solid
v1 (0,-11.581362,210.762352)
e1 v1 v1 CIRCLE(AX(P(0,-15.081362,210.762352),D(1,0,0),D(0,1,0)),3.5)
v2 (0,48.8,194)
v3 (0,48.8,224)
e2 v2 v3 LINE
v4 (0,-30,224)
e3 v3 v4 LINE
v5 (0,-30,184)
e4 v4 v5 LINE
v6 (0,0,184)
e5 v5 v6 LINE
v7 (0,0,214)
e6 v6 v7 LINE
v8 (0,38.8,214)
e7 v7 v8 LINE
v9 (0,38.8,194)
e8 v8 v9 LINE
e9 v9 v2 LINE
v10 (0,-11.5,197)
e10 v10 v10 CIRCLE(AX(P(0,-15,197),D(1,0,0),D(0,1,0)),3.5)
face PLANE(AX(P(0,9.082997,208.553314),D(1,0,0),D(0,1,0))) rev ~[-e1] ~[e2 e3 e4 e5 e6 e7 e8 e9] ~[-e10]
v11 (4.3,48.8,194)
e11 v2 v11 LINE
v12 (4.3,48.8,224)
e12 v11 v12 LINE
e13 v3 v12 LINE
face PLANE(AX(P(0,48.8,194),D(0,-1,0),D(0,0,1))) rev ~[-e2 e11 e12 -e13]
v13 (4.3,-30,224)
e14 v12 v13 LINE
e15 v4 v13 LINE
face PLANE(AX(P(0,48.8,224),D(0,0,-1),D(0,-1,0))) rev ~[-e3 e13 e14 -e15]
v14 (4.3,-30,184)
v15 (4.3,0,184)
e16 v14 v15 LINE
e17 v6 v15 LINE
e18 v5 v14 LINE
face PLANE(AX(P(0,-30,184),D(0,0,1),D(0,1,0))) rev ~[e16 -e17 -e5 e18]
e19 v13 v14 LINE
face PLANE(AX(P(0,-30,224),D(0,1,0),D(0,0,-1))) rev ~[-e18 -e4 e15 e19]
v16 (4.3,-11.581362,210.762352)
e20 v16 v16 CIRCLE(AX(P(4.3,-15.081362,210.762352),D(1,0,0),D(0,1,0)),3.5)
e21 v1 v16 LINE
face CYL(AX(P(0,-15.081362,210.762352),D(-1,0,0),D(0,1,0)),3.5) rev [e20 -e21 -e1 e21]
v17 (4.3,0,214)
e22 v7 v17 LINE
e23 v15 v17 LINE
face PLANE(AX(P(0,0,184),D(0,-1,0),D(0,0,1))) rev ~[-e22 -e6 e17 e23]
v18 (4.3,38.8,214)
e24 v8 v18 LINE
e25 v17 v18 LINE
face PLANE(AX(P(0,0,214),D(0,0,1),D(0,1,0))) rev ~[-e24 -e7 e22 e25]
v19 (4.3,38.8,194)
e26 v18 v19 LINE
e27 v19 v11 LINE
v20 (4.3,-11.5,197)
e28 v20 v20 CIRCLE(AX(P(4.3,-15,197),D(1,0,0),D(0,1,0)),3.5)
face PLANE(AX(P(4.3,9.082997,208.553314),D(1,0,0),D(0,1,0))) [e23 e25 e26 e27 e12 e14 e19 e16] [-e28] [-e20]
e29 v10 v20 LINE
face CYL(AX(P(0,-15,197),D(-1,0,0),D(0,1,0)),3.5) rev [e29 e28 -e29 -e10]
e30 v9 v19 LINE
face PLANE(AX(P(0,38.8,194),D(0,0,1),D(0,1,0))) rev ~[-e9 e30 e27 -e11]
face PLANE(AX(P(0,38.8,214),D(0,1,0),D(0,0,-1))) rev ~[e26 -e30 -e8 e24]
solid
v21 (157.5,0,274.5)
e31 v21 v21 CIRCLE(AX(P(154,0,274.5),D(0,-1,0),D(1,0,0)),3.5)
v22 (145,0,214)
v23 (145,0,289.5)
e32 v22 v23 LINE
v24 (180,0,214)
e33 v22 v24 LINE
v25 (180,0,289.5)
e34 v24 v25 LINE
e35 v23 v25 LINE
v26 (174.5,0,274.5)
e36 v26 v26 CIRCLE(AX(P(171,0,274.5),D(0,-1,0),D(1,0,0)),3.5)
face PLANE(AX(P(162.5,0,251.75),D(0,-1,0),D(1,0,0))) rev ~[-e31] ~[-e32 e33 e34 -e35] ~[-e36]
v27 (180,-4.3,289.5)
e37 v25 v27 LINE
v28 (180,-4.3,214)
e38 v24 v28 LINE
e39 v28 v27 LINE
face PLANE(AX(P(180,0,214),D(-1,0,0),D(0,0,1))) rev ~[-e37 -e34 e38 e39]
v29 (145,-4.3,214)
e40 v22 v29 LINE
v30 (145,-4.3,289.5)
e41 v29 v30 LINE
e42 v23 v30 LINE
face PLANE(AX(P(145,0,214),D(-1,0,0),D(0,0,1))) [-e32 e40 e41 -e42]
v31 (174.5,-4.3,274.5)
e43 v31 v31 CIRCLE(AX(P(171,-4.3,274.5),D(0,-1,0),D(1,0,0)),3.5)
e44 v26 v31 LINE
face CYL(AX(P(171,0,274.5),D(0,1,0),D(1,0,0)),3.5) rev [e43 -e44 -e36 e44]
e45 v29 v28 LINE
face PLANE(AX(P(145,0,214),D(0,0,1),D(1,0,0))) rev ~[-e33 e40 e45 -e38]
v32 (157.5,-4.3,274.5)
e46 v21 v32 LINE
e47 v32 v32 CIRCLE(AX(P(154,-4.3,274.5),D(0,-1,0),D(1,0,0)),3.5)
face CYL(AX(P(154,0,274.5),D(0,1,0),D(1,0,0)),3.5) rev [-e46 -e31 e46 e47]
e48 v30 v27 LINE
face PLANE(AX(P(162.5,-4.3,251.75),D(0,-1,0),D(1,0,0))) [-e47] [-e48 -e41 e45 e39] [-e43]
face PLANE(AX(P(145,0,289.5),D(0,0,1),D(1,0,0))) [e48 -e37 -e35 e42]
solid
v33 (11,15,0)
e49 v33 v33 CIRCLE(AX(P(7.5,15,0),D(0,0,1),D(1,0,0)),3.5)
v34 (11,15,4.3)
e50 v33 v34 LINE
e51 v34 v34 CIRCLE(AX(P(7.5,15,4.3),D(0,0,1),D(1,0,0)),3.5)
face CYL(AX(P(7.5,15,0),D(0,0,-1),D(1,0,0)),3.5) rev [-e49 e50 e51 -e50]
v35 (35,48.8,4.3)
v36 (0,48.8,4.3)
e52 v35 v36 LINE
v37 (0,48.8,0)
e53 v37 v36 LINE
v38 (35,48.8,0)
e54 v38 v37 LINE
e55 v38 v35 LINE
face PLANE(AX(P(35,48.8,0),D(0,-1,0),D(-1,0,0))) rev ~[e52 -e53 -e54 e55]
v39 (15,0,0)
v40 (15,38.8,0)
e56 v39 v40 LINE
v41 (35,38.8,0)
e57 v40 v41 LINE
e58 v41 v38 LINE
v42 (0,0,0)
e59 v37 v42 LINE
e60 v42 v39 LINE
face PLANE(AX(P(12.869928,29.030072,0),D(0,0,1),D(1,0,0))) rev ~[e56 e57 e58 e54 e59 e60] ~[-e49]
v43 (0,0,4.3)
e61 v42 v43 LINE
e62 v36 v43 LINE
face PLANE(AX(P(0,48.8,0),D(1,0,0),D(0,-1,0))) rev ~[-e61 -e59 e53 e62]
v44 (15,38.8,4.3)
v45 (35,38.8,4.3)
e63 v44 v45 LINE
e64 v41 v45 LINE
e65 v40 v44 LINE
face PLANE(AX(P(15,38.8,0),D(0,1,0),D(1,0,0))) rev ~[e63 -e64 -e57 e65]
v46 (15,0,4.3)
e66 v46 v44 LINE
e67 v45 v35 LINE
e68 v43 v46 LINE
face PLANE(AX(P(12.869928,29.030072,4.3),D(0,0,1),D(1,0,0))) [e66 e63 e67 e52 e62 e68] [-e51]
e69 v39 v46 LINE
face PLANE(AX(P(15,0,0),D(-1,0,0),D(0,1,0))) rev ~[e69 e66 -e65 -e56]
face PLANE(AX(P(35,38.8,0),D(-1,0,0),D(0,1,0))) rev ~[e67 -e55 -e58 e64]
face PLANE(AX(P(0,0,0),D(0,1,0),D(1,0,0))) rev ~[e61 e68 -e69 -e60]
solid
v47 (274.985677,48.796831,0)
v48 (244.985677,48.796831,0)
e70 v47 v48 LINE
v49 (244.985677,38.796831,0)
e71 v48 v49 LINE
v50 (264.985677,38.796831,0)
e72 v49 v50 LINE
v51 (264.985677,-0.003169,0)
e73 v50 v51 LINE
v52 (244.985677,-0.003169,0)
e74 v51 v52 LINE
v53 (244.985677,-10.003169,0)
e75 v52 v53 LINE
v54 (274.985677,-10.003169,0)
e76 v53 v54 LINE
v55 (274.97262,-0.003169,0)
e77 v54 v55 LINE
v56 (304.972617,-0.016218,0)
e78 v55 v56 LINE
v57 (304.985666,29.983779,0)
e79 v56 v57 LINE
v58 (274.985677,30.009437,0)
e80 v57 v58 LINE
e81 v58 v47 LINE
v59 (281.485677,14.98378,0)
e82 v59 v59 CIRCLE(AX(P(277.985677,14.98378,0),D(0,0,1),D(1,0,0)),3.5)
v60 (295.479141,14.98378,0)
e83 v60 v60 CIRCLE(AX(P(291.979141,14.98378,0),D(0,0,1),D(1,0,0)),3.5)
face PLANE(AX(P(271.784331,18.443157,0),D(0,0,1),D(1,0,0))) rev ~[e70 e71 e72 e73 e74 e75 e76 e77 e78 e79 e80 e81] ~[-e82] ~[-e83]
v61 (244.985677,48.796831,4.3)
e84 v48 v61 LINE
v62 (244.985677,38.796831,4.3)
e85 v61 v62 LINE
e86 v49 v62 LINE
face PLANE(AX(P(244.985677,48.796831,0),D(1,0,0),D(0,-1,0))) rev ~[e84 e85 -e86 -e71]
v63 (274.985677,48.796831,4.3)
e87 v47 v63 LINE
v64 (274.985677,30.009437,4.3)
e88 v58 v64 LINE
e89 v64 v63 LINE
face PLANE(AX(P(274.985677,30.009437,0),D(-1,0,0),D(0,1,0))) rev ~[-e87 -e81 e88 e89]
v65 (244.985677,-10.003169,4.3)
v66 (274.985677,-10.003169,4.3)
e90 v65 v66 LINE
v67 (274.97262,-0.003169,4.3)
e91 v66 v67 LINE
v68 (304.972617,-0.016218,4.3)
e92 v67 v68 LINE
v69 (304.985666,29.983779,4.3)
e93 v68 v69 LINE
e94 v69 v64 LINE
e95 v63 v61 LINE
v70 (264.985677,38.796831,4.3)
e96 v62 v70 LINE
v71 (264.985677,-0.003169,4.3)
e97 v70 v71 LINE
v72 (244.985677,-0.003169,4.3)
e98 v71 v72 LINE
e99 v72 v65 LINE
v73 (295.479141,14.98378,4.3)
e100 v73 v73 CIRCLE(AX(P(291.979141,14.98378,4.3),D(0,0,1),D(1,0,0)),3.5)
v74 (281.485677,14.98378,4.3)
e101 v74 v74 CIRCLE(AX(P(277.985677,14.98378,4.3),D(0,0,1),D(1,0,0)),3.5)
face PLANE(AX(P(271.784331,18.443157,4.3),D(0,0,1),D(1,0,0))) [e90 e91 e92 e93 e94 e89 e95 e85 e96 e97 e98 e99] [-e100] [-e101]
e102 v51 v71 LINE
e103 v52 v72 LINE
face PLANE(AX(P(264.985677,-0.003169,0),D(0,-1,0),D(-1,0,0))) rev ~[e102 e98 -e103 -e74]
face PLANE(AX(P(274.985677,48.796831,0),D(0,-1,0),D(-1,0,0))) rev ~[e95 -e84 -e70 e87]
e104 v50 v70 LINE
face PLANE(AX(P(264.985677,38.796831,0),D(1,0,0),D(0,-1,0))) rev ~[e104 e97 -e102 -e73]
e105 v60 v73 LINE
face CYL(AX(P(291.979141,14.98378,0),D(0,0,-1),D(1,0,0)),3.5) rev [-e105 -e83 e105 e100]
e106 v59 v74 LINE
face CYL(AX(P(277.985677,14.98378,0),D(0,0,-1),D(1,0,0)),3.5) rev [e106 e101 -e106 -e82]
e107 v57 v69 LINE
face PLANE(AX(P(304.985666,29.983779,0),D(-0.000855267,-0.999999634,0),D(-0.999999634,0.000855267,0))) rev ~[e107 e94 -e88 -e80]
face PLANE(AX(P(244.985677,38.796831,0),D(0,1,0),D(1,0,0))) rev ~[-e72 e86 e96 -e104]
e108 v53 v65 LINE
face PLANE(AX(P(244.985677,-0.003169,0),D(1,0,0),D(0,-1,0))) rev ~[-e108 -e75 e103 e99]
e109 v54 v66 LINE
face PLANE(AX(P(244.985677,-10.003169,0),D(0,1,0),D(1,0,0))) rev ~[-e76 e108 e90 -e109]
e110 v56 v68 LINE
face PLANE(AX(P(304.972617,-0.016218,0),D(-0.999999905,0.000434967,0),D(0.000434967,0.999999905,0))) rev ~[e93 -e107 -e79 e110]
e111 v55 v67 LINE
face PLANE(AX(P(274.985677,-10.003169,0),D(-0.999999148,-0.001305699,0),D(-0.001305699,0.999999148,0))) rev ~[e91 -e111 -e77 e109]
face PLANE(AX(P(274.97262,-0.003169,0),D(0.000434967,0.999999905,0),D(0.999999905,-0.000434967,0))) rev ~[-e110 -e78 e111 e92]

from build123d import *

# Parameters (mm, degrees)
F0_R     = 3.5
F1_DEPTH = 4.3
F2_R     = 3.5
F3_DEPTH = 4.3
F4_W     = 35
F4_H     = 75.5
F4_R     = 3.5
F5_DEPTH = 4.3


with BuildPart() as f1:
    # F0 (on Top) → F1 (new body)
    with BuildSketch(Plane.XY):
        Polygon((15, 38.8), (35, 38.8), (35, 48.8), (0, 48.8), (0, 0), (15, 0), align=None)
        with Locations((7.5, 15)):
            Circle(F0_R, mode=Mode.SUBTRACT)
        Polygon((264.985677, 38.796831), (264.985677, -0.003169), (244.985677, -0.003169), (244.985677, -10.003169), (274.985677, -10.003169), (274.97262, -0.003169), (304.972617, -0.016218), (304.985666, 29.983779), (274.985677, 30.009437), (274.985677, 48.796831), (244.985677, 48.796831), (244.985677, 38.796831), align=None)
        with Locations((277.985677, 14.98378)):
            Circle(F0_R, mode=Mode.SUBTRACT)
        with Locations((291.979141, 14.98378)):
            Circle(F0_R, mode=Mode.SUBTRACT)
    extrude(amount=F1_DEPTH)


with BuildPart() as f3:
    # F2 (on Right) → F3 (new body)
    with BuildSketch(Plane.YZ):
        Polygon((-30, 184), (0, 184), (0, 214), (38.8, 214), (38.8, 194), (48.8, 194), (48.8, 224), (-30, 224), align=None)
        with Locations((-15, 197)):
            Circle(F2_R, mode=Mode.SUBTRACT)
        with Locations((-15.081362, 210.762352)):
            Circle(F2_R, mode=Mode.SUBTRACT)
    extrude(amount=F3_DEPTH)


with BuildPart() as f5:
    # F4 (on Front) → F5 (new body)
    with BuildSketch(Plane.XZ):
        with Locations((162.5, 251.75)):
            Rectangle(F4_W, F4_H)
        with Locations((154, 274.5)):
            Circle(F4_R, mode=Mode.SUBTRACT)
        with Locations((171, 274.5)):
            Circle(F4_R, mode=Mode.SUBTRACT)
    extrude(amount=F5_DEPTH)


solid = Compound([f1.part, f3.part, f5.part])
